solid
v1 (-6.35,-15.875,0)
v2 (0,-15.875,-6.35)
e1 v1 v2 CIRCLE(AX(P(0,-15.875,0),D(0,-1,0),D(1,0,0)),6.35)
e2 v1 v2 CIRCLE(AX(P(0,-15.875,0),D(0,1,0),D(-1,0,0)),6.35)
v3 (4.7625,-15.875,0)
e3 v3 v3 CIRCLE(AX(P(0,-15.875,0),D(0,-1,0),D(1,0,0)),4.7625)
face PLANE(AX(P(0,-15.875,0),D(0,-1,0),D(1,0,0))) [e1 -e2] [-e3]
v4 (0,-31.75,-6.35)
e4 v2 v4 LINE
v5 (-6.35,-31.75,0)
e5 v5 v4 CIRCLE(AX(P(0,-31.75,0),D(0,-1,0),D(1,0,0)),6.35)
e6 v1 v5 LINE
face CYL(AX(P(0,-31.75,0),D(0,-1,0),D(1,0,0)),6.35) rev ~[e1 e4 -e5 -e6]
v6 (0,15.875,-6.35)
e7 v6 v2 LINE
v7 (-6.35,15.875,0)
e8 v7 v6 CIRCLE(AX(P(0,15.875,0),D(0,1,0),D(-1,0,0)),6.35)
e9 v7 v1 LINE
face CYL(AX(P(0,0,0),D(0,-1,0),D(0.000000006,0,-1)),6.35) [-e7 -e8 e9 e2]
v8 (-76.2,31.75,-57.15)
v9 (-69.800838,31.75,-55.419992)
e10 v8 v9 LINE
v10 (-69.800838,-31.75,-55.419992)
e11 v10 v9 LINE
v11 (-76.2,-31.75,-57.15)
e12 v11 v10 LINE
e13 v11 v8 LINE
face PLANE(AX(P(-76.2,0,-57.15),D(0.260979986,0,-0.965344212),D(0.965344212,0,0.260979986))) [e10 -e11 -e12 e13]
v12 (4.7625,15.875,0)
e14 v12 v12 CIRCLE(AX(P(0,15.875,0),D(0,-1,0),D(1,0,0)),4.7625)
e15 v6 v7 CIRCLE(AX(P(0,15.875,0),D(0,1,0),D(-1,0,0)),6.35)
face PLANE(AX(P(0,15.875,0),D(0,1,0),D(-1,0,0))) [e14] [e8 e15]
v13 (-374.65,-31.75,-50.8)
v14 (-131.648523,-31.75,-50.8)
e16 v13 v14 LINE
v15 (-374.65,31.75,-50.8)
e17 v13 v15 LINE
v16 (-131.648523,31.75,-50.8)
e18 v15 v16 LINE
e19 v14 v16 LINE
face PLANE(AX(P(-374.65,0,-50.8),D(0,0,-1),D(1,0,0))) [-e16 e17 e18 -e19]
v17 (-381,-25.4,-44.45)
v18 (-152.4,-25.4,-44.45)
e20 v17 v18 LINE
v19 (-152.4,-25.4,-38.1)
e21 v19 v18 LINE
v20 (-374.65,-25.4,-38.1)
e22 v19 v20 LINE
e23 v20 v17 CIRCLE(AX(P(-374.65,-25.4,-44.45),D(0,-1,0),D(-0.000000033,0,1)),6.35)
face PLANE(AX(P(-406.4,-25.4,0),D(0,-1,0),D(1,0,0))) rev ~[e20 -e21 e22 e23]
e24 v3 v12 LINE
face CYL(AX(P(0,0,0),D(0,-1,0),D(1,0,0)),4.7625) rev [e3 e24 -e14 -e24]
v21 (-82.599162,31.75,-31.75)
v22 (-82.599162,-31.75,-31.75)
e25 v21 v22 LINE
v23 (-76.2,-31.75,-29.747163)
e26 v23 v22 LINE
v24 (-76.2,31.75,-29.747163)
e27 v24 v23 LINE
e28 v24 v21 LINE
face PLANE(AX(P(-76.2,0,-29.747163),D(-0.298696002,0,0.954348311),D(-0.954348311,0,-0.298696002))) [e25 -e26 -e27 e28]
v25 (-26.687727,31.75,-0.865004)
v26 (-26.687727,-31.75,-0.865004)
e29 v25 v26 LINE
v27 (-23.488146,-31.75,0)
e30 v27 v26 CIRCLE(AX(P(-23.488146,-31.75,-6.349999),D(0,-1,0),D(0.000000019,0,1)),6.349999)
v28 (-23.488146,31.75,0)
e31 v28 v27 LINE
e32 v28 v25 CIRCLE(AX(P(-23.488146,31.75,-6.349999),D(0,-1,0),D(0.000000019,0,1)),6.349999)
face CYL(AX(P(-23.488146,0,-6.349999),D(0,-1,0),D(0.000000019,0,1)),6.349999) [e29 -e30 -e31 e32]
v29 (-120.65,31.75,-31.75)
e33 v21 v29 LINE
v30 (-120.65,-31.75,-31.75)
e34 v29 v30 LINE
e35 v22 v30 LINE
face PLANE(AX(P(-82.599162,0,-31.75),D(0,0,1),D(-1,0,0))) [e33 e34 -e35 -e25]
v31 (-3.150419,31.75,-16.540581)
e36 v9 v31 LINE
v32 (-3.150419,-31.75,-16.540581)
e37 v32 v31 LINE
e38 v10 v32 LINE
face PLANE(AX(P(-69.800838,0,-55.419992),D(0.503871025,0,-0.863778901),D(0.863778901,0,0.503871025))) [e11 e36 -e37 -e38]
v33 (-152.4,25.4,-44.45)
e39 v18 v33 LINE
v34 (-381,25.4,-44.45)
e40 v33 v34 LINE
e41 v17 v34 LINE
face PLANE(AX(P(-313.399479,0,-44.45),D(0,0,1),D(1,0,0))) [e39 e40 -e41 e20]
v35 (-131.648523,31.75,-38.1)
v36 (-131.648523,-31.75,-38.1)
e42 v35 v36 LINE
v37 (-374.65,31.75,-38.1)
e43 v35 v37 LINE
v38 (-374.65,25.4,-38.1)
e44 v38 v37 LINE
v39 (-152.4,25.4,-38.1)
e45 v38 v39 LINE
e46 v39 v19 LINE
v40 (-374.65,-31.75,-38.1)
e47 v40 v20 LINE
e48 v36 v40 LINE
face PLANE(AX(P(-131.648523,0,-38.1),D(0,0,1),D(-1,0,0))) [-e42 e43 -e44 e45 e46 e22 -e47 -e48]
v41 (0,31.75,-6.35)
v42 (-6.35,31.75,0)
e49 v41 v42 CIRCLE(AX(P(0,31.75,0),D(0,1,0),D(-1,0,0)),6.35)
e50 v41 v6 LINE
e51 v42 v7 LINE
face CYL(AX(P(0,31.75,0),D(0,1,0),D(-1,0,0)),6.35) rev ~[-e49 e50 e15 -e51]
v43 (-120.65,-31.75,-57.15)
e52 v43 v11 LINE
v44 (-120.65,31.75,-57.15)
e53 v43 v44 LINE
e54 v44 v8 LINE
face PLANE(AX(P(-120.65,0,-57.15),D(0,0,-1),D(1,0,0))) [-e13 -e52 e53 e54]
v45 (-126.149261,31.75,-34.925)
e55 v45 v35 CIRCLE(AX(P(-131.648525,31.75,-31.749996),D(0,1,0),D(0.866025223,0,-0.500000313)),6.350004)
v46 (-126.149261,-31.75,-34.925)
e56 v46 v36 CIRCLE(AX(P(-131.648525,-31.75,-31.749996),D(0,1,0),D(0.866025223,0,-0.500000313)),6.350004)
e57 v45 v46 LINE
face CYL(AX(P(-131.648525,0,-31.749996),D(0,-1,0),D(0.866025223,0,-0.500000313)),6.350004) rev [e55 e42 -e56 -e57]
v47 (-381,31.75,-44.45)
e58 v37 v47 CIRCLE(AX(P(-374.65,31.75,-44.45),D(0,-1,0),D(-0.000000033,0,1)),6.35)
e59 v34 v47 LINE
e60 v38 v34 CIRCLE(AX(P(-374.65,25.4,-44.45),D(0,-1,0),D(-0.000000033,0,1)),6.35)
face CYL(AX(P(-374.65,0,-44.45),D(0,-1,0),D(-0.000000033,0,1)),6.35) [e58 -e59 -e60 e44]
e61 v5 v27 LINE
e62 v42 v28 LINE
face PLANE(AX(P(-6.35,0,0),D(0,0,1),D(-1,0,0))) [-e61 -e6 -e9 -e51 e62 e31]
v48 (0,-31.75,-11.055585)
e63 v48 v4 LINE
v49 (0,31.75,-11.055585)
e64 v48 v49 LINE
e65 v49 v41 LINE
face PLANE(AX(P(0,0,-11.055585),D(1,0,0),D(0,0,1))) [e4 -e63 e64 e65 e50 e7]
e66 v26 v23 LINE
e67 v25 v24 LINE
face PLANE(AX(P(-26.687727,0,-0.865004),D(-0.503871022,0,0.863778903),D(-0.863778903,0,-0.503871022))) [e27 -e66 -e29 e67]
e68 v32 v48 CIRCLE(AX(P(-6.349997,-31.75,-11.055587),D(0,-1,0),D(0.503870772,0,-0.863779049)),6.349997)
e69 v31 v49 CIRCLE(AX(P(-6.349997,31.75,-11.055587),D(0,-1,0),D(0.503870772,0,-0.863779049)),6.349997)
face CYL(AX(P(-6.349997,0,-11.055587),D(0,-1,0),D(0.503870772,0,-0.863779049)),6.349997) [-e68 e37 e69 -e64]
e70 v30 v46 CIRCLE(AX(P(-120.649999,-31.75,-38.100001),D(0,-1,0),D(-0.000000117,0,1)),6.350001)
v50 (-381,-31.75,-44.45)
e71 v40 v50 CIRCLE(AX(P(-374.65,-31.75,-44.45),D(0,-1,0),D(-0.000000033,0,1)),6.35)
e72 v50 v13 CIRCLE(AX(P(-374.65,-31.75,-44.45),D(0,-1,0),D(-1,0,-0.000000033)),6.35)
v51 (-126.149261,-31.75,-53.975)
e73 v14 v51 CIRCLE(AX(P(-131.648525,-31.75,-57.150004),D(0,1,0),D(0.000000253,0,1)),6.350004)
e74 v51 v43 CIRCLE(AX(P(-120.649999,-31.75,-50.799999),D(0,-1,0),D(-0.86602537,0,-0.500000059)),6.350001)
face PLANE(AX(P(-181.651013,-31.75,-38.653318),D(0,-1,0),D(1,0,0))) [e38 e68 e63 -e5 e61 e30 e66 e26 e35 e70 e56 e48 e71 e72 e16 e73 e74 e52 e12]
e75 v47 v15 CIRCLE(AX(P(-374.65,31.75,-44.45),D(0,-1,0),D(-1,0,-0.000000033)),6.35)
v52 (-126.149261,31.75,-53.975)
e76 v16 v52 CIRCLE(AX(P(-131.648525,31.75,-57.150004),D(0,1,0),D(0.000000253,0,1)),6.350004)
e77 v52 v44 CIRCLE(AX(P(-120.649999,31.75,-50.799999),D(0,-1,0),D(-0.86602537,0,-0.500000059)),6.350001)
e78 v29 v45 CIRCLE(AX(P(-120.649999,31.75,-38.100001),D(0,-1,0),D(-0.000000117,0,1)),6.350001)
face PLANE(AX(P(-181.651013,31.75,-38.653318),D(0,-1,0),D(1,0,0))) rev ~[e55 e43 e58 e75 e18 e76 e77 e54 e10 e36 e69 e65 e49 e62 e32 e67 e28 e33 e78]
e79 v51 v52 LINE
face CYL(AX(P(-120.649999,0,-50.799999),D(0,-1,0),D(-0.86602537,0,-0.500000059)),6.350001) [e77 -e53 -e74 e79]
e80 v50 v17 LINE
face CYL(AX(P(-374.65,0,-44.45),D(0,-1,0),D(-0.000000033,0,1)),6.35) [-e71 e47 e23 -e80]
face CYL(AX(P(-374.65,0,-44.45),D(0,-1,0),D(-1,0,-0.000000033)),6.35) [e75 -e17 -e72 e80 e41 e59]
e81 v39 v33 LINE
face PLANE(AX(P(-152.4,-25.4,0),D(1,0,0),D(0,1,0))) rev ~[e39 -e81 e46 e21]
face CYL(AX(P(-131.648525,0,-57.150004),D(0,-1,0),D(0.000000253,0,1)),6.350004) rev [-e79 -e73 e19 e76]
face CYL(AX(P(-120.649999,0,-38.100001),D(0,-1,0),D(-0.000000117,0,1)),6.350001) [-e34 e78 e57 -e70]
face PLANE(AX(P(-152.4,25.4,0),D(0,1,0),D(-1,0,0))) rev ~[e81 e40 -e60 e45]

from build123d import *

# Parameters (mm, degrees)
F1_DEPTH      = 31.75
F1_DEPTH_BACK = 31.75
F2_DEPTH      = 25.4
F2_DEPTH_BACK = 25.4
F3_R          = 6.35
F4_DEPTH      = 15.875
F5_R          = 6.35
F6_DEPTH      = 15.875
F7_W          = 186.001042
F7_H          = 50.8
F7_W_2        = 67.998958
F8_DEPTH      = 44.45


with BuildPart() as f1:
    # F0 (on Front) → F1 (new body, two sides)
    with BuildSketch(Plane.XZ) as f1_sk:
        with BuildLine():
            Line((0, -11.055585), (0, -6.35))
            ThreePointArc((0, -6.35), (4.490128, 4.490128), (-6.35, 0))
            Line((-6.35, 0), (-23.488146, 0))
            ThreePointArc((-23.488146, 0), (-25.145368, -0.220064), (-26.687727, -0.865004))
            Line((-26.687727, -0.865004), (-76.2, -29.747163))
            Line((-76.2, -29.747163), (-82.599162, -31.75))
            Line((-82.599162, -31.75), (-120.65, -31.75))
            ThreePointArc((-120.65, -31.75), (-123.825, -32.600739), (-126.149261, -34.925))
            ThreePointArc((-126.149261, -34.925), (-128.473523, -37.249261), (-131.648523, -38.1))
            Line((-131.648523, -38.1), (-152.4, -38.1))
            Line((-152.4, -38.1), (-355.6, -38.1))
            Line((-355.6, -38.1), (-374.65, -38.1))
            ThreePointArc((-374.65, -38.1), (-379.140128, -39.959872), (-381, -44.45))
            ThreePointArc((-381, -44.45), (-379.140128, -48.940128), (-374.65, -50.8))
            Line((-374.65, -50.8), (-131.648523, -50.8))
            ThreePointArc((-131.648523, -50.8), (-128.473523, -51.650739), (-126.149261, -53.975))
            ThreePointArc((-126.149261, -53.975), (-123.825, -56.299261), (-120.65, -57.15))
            Line((-120.65, -57.15), (-76.2, -57.15))
            Line((-76.2, -57.15), (-69.800838, -55.419992))
            Line((-69.800838, -55.419992), (-3.150419, -16.540581))
            ThreePointArc((-3.150419, -16.540581), (-0.843647, -14.218271), (0, -11.055585))
        make_face()
        with BuildLine():
            ThreePointArc((-4.7625, 0), (0, 4.7625), (4.7625, 0))
            ThreePointArc((4.7625, 0), (0, -4.7625), (-4.7625, 0))
        make_face(mode=Mode.SUBTRACT)
    extrude(amount=F1_DEPTH)
    extrude(f1_sk.sketch, amount=-F1_DEPTH_BACK)

    # F0 (on Front) → F2 (join, two sides)
    with BuildSketch(Plane.XZ) as f2_sk:
        with BuildLine():
            ThreePointArc((-4.7625, 0), (0, -4.7625), (4.7625, 0))
            ThreePointArc((4.7625, 0), (0, 4.7625), (-4.7625, 0))
        make_face()
        with BuildLine():
            Line((0, -11.055585), (0, -6.35))
            ThreePointArc((0, -6.35), (4.490128, 4.490128), (-6.35, 0))
            Line((-6.35, 0), (-23.488146, 0))
            ThreePointArc((-23.488146, 0), (-25.145368, -0.220064), (-26.687727, -0.865004))
            Line((-26.687727, -0.865004), (-76.2, -29.747163))
            Line((-76.2, -29.747163), (-82.599162, -31.75))
            Line((-82.599162, -31.75), (-120.65, -31.75))
            ThreePointArc((-120.65, -31.75), (-123.825, -32.600739), (-126.149261, -34.925))
            ThreePointArc((-126.149261, -34.925), (-128.473523, -37.249261), (-131.648523, -38.1))
            Line((-131.648523, -38.1), (-152.4, -38.1))
            Line((-152.4, -38.1), (-355.6, -38.1))
            Line((-355.6, -38.1), (-374.65, -38.1))
            ThreePointArc((-374.65, -38.1), (-379.140128, -39.959872), (-381, -44.45))
            ThreePointArc((-381, -44.45), (-379.140128, -48.940128), (-374.65, -50.8))
            Line((-374.65, -50.8), (-131.648523, -50.8))
            ThreePointArc((-131.648523, -50.8), (-128.473523, -51.650739), (-126.149261, -53.975))
            ThreePointArc((-126.149261, -53.975), (-123.825, -56.299261), (-120.65, -57.15))
            Line((-120.65, -57.15), (-76.2, -57.15))
            Line((-76.2, -57.15), (-69.800838, -55.419992))
            Line((-69.800838, -55.419992), (-3.150419, -16.540581))
            ThreePointArc((-3.150419, -16.540581), (-0.843647, -14.218271), (0, -11.055585))
        make_face()
        with BuildLine():
            ThreePointArc((-4.7625, 0), (0, 4.7625), (4.7625, 0))
            ThreePointArc((4.7625, 0), (0, -4.7625), (-4.7625, 0))
        make_face(mode=Mode.SUBTRACT)
        with BuildLine():
            Line((-355.6, -38.1), (-152.4, -38.1))
            Line((-152.4, -38.1), (-152.4, 0))
            Line((-152.4, 0), (-220.398958, 0))
            ThreePointArc((-220.398958, 0), (-226.142749, -1.926679), (-229.562879, -6.927273))
            ThreePointArc((-229.562879, -6.927273), (-254, -25.4), (-278.437121, -6.927273))
            ThreePointArc((-278.437121, -6.927273), (-281.857251, -1.926679), (-287.601042, 0))
            Line((-287.601042, 0), (-355.6, 0))
            Line((-355.6, 0), (-355.6, -38.1))
        make_face()
    extrude(amount=F2_DEPTH)
    extrude(f2_sk.sketch, amount=-F2_DEPTH_BACK)

    # F3 (on face) → F4 (cut)
    with BuildSketch(Plane(origin=(0, 31.75, 0), x_dir=(-1, 0, 0), z_dir=(0, 1, 0))):
        Circle(F3_R)
    extrude(amount=-F4_DEPTH, mode=Mode.SUBTRACT)

    # F5 (on face) → F6 (cut)
    with BuildSketch(Plane.XZ.offset(31.75)):
        Circle(F5_R)
    extrude(amount=-F6_DEPTH, mode=Mode.SUBTRACT)

    # F7 (on face) → F8 (cut)
    with BuildSketch(Plane.XY):
        with Locations((-313.399479, 0)):
            Rectangle(F7_W, F7_H)
        with Locations((-186.399479, 0)):
            Rectangle(F7_W_2, F7_H)
    extrude(amount=-F8_DEPTH, mode=Mode.SUBTRACT)


solid = f1.part
